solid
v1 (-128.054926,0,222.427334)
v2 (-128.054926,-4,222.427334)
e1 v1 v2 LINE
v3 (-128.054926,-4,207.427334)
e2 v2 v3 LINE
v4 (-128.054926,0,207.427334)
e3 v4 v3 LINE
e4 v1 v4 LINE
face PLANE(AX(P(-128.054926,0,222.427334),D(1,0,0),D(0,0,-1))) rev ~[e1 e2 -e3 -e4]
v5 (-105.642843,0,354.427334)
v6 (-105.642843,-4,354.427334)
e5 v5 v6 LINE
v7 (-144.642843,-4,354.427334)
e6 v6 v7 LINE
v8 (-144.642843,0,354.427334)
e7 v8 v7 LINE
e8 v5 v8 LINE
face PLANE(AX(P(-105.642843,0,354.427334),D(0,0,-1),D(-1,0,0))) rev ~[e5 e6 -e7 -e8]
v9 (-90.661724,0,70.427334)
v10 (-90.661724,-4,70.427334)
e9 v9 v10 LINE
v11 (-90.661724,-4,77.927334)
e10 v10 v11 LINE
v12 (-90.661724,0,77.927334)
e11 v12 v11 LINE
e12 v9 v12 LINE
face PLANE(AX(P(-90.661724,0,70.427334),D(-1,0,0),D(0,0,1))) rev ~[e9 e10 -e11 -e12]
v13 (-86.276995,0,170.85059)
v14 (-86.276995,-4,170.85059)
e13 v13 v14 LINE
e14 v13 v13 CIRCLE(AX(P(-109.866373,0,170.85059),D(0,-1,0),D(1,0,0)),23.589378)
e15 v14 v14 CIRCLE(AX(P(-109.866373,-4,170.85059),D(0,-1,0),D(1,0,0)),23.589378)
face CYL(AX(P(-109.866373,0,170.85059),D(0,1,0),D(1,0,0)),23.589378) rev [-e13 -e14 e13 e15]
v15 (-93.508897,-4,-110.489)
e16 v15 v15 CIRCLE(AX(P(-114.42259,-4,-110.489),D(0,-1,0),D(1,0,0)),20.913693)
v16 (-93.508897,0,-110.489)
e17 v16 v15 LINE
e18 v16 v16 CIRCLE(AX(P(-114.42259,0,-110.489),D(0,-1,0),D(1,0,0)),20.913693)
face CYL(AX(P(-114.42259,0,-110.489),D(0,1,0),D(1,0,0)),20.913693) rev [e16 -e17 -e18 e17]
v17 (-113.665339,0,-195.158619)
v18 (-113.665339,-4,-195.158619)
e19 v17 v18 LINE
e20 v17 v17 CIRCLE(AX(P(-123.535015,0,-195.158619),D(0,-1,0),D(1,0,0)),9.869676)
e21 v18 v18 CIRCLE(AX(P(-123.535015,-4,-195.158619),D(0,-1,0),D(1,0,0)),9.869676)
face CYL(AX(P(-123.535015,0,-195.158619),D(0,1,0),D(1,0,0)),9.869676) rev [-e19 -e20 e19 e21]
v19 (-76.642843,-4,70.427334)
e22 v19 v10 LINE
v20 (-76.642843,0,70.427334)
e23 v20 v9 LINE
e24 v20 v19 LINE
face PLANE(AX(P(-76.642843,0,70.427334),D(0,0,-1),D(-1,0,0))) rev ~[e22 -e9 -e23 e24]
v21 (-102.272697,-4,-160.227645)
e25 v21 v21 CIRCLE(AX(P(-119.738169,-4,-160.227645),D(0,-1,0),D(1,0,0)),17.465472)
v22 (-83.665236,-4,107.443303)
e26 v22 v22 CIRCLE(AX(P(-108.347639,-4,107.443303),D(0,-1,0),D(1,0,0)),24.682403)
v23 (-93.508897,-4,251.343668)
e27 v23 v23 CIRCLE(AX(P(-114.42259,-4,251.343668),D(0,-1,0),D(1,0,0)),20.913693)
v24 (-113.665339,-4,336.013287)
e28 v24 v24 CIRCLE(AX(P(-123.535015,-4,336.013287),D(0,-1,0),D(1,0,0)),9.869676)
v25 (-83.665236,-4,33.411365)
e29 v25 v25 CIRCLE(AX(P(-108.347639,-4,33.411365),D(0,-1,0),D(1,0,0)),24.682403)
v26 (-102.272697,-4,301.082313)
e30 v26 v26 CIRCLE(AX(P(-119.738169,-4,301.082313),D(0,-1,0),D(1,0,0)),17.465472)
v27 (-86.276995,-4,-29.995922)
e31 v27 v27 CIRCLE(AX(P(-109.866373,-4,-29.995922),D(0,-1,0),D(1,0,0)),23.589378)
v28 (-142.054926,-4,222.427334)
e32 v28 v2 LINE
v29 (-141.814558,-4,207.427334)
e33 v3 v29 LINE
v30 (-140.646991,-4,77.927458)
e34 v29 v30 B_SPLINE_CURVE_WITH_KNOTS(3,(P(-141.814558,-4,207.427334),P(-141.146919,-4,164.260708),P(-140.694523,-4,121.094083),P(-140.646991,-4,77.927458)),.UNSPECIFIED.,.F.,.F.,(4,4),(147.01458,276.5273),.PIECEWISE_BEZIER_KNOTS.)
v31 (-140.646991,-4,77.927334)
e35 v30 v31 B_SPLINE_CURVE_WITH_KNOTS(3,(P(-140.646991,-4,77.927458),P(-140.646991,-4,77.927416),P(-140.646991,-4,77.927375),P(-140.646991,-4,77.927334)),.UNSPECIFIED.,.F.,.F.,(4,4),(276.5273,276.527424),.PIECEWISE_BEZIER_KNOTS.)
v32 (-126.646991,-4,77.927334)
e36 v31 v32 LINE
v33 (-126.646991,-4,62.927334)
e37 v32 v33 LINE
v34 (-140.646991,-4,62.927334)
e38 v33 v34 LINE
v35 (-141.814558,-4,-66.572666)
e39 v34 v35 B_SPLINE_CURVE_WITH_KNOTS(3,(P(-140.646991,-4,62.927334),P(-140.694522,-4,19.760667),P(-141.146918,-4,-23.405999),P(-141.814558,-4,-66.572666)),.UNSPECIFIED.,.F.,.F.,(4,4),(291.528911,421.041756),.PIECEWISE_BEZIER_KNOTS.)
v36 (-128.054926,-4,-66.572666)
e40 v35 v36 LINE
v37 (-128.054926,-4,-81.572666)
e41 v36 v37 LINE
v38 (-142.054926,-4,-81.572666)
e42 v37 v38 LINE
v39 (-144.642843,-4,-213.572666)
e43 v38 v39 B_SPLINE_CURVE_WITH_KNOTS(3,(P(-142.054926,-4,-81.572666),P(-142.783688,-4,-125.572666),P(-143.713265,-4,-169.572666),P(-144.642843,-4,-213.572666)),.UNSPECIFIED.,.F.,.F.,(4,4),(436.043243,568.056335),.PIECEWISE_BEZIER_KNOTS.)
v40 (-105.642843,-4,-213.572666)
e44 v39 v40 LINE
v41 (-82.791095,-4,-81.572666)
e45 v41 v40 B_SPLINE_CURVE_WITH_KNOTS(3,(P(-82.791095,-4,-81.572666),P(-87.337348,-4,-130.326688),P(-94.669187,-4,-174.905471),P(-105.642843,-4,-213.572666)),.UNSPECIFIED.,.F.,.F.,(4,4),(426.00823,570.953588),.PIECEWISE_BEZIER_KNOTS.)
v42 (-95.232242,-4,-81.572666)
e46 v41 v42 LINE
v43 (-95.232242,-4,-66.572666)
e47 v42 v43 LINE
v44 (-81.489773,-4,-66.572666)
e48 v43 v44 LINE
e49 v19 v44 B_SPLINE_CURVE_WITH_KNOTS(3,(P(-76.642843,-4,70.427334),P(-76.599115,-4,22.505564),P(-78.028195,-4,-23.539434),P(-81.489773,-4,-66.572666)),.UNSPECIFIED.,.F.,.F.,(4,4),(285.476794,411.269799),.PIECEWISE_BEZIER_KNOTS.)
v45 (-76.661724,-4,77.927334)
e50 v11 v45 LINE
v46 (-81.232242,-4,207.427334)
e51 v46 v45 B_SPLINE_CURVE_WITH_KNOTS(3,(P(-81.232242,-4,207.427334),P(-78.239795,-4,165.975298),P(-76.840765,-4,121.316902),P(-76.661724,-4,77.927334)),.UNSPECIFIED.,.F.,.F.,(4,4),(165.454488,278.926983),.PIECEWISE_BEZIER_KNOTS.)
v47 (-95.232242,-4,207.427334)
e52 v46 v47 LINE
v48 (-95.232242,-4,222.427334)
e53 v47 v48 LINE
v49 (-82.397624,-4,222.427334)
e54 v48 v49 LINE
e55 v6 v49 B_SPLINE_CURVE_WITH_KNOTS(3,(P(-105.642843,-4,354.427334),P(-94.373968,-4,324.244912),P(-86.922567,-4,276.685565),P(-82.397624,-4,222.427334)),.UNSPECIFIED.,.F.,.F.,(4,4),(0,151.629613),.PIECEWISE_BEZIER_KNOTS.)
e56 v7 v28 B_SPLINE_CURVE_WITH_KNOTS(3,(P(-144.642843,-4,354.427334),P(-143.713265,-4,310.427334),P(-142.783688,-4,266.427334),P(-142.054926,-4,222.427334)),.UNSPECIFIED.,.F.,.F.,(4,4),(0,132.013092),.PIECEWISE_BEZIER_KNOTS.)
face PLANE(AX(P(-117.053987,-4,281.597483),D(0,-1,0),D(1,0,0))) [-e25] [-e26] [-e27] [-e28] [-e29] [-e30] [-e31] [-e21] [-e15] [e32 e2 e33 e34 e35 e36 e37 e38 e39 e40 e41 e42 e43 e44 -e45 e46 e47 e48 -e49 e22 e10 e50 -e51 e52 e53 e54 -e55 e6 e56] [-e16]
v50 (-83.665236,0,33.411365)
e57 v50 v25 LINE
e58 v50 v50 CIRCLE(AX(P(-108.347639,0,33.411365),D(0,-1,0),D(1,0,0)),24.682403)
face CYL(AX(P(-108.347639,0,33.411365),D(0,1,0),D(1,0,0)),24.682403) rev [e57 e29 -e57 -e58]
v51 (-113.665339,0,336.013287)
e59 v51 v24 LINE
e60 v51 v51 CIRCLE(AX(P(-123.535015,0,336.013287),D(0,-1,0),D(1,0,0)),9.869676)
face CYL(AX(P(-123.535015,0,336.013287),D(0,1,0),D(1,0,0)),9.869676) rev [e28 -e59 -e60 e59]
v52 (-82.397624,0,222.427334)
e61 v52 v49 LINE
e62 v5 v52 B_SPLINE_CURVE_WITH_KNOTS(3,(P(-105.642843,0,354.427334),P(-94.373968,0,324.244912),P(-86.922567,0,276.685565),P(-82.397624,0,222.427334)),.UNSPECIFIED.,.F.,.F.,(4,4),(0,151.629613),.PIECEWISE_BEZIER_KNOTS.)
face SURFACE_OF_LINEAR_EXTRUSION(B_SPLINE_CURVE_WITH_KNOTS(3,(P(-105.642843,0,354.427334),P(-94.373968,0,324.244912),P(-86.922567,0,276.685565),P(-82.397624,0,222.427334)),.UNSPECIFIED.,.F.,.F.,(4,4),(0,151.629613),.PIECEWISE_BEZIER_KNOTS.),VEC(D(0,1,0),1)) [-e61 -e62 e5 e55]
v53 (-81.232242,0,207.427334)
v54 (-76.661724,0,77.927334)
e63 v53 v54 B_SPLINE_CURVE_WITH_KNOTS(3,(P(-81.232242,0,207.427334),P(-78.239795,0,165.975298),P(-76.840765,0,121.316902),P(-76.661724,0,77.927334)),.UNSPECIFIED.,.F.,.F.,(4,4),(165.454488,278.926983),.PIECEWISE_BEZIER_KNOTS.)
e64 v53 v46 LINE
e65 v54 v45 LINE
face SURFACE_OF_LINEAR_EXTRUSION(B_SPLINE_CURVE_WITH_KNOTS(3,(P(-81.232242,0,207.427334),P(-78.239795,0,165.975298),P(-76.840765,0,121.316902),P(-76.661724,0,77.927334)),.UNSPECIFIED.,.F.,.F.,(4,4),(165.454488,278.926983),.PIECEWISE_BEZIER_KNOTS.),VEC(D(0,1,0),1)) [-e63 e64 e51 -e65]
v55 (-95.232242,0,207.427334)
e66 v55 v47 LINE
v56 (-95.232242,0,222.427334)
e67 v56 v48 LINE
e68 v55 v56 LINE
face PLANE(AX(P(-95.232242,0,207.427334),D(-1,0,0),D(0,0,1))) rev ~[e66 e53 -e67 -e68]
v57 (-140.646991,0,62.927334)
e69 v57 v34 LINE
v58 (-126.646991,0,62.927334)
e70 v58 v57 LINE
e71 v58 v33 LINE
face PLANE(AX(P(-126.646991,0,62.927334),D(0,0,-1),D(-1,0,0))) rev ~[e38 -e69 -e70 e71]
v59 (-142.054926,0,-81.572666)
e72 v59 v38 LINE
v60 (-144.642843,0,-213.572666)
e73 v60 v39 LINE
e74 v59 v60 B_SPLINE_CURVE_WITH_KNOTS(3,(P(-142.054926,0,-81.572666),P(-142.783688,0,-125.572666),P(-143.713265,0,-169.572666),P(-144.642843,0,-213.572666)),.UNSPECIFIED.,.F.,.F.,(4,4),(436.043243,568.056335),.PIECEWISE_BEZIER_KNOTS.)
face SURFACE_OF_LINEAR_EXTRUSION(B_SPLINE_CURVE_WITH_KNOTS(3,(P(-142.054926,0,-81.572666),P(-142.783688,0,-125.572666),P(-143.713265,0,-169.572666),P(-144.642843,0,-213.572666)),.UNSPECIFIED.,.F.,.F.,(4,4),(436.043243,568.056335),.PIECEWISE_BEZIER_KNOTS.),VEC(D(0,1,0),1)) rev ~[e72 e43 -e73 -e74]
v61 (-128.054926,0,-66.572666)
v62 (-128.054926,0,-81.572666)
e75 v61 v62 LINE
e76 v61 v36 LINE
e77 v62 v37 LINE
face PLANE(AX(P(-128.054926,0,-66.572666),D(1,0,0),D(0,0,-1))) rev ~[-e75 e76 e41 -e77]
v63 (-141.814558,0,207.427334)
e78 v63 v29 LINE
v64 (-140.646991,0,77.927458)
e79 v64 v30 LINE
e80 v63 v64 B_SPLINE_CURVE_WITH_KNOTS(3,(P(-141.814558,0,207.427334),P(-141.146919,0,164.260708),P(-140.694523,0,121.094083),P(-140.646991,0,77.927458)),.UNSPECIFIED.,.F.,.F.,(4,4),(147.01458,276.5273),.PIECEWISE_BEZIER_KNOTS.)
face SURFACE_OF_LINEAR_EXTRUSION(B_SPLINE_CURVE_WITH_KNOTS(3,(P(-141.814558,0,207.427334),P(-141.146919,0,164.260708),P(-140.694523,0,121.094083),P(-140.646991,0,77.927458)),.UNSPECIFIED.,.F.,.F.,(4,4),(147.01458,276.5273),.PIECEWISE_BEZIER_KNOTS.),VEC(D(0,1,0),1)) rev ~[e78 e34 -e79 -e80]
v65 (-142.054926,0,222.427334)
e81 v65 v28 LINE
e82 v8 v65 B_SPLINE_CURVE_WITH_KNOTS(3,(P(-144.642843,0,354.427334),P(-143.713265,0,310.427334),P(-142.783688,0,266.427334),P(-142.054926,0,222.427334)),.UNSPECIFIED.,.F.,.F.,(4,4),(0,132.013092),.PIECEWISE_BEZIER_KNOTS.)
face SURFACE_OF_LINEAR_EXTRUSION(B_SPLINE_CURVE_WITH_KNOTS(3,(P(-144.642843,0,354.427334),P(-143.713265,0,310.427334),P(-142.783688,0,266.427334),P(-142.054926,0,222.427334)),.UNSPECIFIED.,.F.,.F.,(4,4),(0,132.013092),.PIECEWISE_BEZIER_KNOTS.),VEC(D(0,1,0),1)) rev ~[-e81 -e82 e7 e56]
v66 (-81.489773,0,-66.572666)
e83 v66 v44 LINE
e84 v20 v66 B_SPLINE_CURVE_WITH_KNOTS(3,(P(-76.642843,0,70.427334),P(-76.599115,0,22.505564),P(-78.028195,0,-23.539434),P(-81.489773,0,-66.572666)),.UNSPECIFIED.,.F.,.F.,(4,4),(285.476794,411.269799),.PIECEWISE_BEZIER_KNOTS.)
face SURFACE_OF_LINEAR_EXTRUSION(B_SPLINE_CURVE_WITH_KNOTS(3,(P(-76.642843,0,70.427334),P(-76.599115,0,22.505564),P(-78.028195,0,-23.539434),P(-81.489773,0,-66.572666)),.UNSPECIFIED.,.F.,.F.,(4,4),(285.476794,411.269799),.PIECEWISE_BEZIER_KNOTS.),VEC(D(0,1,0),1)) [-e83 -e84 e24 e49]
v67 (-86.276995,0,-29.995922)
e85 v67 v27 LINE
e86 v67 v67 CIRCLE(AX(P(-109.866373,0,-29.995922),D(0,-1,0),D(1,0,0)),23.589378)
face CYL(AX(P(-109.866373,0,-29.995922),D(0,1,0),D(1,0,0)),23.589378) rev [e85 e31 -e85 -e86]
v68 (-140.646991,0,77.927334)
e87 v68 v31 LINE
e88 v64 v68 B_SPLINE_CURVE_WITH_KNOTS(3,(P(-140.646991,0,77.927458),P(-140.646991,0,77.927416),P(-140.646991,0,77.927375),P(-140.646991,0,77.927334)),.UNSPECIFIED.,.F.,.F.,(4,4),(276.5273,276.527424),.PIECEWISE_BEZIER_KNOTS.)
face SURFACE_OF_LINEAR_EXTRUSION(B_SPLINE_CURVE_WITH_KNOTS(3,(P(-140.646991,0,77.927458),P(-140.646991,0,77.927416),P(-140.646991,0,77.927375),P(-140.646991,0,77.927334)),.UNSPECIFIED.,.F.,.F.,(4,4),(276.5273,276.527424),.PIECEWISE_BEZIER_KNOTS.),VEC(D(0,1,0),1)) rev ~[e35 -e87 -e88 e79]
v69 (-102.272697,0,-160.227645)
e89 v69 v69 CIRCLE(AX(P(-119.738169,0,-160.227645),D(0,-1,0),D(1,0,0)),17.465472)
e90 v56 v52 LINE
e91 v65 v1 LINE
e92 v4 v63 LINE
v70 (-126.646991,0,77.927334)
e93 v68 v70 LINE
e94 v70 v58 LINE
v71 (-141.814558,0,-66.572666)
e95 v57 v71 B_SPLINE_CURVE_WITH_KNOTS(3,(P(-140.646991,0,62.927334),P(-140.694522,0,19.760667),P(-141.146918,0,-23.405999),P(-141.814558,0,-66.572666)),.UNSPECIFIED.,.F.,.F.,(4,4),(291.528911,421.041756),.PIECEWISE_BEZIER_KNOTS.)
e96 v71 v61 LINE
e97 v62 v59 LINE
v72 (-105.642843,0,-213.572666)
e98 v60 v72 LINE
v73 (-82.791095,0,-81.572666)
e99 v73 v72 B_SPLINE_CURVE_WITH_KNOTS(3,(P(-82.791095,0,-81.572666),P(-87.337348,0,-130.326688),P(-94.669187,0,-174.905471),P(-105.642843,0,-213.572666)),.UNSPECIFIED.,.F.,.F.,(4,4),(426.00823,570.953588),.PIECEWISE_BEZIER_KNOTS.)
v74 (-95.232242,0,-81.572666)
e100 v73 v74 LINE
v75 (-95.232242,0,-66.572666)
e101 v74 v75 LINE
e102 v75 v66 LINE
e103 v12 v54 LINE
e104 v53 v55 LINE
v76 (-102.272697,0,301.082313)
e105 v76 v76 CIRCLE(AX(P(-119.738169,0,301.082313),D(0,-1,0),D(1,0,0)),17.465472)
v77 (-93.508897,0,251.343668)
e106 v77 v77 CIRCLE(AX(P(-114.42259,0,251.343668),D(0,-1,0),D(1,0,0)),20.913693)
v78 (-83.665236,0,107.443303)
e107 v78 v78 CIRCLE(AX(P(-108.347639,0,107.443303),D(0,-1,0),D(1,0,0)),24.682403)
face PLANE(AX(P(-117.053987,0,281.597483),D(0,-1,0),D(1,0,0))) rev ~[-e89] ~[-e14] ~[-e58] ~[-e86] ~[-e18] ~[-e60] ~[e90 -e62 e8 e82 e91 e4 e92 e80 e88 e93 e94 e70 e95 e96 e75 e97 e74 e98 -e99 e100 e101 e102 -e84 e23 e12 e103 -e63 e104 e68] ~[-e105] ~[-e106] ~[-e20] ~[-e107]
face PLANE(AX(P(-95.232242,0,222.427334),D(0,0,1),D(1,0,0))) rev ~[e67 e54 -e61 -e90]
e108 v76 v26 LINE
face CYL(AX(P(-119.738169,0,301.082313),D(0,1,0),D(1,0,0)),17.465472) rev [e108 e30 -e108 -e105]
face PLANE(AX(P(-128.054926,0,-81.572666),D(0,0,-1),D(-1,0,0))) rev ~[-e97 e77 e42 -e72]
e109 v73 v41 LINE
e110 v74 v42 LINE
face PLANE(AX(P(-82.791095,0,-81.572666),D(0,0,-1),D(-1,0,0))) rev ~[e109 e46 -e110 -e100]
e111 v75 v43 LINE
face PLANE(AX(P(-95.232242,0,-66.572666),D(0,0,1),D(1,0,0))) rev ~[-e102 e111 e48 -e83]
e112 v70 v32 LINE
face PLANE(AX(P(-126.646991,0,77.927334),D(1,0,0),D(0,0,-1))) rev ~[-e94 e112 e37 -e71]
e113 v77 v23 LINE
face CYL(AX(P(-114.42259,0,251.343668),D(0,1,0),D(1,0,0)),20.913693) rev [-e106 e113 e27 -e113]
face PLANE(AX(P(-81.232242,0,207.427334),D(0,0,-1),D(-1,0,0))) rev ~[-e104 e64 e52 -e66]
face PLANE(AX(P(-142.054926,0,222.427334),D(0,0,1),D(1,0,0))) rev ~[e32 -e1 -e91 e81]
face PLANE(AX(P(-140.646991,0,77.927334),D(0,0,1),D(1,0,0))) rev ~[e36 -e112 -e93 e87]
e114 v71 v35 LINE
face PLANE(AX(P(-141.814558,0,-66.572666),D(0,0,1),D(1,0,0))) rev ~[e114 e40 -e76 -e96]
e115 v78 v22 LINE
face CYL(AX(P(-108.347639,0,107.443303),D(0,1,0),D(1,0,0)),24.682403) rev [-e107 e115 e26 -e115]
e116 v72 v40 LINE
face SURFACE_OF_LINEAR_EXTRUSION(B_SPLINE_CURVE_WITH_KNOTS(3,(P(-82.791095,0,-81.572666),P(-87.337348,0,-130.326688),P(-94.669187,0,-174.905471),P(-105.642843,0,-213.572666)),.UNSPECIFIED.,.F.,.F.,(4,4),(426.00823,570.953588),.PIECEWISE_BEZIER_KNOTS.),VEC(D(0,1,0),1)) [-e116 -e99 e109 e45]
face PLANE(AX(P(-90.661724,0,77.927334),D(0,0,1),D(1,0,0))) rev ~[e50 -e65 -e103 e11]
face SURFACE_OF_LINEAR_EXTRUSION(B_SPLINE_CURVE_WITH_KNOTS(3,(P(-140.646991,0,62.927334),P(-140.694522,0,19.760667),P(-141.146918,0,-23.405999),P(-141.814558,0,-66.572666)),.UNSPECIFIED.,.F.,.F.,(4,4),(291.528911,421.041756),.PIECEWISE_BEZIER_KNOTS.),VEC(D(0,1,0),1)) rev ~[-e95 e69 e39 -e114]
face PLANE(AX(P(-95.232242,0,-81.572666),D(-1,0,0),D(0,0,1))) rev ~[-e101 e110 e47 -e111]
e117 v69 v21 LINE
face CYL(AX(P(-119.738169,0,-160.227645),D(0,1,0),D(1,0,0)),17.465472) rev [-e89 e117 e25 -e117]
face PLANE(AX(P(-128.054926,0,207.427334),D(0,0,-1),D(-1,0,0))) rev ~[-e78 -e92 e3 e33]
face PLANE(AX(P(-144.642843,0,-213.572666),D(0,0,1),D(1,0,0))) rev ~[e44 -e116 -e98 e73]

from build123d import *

# Parameters (mm, degrees)
F0_R     = 20.913693
F0_R_2   = 17.465472
F0_R_3   = 9.869676
F0_R_4   = 24.682403
F0_R_5   = 23.589378
F1_DEPTH = 4


with BuildPart() as f1:
    # F0 (on Front) → F1 (new body)
    with BuildSketch(Plane.XZ):
        with BuildLine():
            Line((-105.642843, 354.427334), (-144.642843, 354.427334))
            add(Edge.make_bspline(
                [(-144.642843, 354.427334), (-143.713265, 310.427334), (-142.783688, 266.427334), (-142.054926, 222.427334)],
                knots=[0, 0, 0, 0, 132.013092, 132.013092, 132.013092, 132.013092], degree=3))
            Line((-142.054926, 222.427334), (-128.054926, 222.427334))
            Line((-128.054926, 222.427334), (-128.054926, 214.927334))
            Line((-128.054926, 214.927334), (-95.232242, 214.927334))
            Line((-95.232242, 214.927334), (-95.232242, 222.427334))
            Line((-95.232242, 222.427334), (-82.397624, 222.427334))
            add(Edge.make_bspline(
                [(-105.642843, 354.427334), (-94.373968, 324.244912), (-86.922567, 276.685565), (-82.397624, 222.427334)],
                knots=[0, 0, 0, 0, 151.629613, 151.629613, 151.629613, 151.629613], degree=3))
        make_face()
        with Locations((-114.42259, 251.343668)):
            Circle(F0_R, mode=Mode.SUBTRACT)
        with Locations((-119.738169, 301.082313)):
            Circle(F0_R_2, mode=Mode.SUBTRACT)
        with Locations((-123.535015, 336.013287)):
            Circle(F0_R_3, mode=Mode.SUBTRACT)
        with BuildLine():
            Line((-128.054926, 207.427334), (-141.814558, 207.427334))
            add(Edge.make_bspline(
                [(-141.814558, 207.427334), (-141.146919, 164.260708), (-140.694523, 121.094083), (-140.646991, 77.927458)],
                knots=[147.01458, 147.01458, 147.01458, 147.01458, 276.5273, 276.5273, 276.5273, 276.5273], degree=3))
            add(Edge.make_bspline(
                [(-140.646991, 77.927458), (-140.646991, 77.927416), (-140.646991, 77.927375), (-140.646991, 77.927334)],
                knots=[276.5273, 276.5273, 276.5273, 276.5273, 276.527424, 276.527424, 276.527424, 276.527424], degree=3))
            Line((-140.646991, 77.927334), (-126.646991, 77.927334))
            Line((-126.646991, 77.927334), (-126.646991, 70.427334))
            Line((-126.646991, 70.427334), (-90.667988, 70.427334))
            Line((-90.667988, 70.427334), (-90.661724, 70.427334))
            Line((-90.661724, 70.427334), (-90.661724, 77.927334))
            Line((-90.661724, 77.927334), (-76.661724, 77.927334))
            add(Edge.make_bspline(
                [(-81.232242, 207.427334), (-78.239795, 165.975298), (-76.840765, 121.316902), (-76.661724, 77.927334)],
                knots=[165.454488, 165.454488, 165.454488, 165.454488, 278.926983, 278.926983, 278.926983, 278.926983], degree=3))
            Line((-81.232242, 207.427334), (-95.232242, 207.427334))
            Line((-95.232242, 207.427334), (-95.232242, 214.927334))
            Line((-95.232242, 214.927334), (-128.054926, 214.927334))
            Line((-128.054926, 214.927334), (-128.054926, 207.427334))
        make_face()
        with Locations((-108.347639, 107.443303)):
            Circle(F0_R_4, mode=Mode.SUBTRACT)
        with Locations((-109.866373, 170.85059)):
            Circle(F0_R_5, mode=Mode.SUBTRACT)
        with BuildLine():
            add(Edge.make_bspline(
                [(-142.054926, -81.572666), (-142.783688, -125.572666), (-143.713265, -169.572666), (-144.642843, -213.572666)],
                knots=[436.043243, 436.043243, 436.043243, 436.043243, 568.056335, 568.056335, 568.056335, 568.056335], degree=3))
            Line((-144.642843, -213.572666), (-105.642843, -213.572666))
            add(Edge.make_bspline(
                [(-82.791095, -81.572666), (-87.337348, -130.326688), (-94.669187, -174.905471), (-105.642843, -213.572666)],
                knots=[426.00823, 426.00823, 426.00823, 426.00823, 570.953588, 570.953588, 570.953588, 570.953588], degree=3))
            Line((-82.791095, -81.572666), (-95.232242, -81.572666))
            Line((-95.232242, -81.572666), (-95.232242, -74.072666))
            Line((-95.232242, -74.072666), (-95.232242, -66.572666))
            Line((-95.232242, -66.572666), (-81.489773, -66.572666))
            add(Edge.make_bspline(
                [(-76.642843, 70.427334), (-76.599115, 22.505564), (-78.028195, -23.539434), (-81.489773, -66.572666)],
                knots=[285.476794, 285.476794, 285.476794, 285.476794, 411.269799, 411.269799, 411.269799, 411.269799], degree=3))
            Line((-76.642843, 70.427334), (-90.661724, 70.427334))
            Line((-90.661724, 70.427334), (-90.667988, 70.427334))
            Line((-90.667988, 70.427334), (-126.646991, 70.427334))
            Line((-126.646991, 70.427334), (-126.646991, 62.927334))
            Line((-126.646991, 62.927334), (-140.646991, 62.927334))
            add(Edge.make_bspline(
                [(-140.646991, 62.927334), (-140.694522, 19.760667), (-141.146918, -23.405999), (-141.814558, -66.572666)],
                knots=[291.528911, 291.528911, 291.528911, 291.528911, 421.041756, 421.041756, 421.041756, 421.041756], degree=3))
            Line((-141.814558, -66.572666), (-128.054926, -66.572666))
            Line((-128.054926, -66.572666), (-128.054926, -74.072666))
            Line((-128.054926, -74.072666), (-128.054926, -81.572666))
            Line((-128.054926, -81.572666), (-142.054926, -81.572666))
        make_face()
        with Locations((-123.535015, -195.158619)):
            Circle(F0_R_3, mode=Mode.SUBTRACT)
        with Locations((-119.738169, -160.227645)):
            Circle(F0_R_2, mode=Mode.SUBTRACT)
        with Locations((-114.42259, -110.489)):
            Circle(F0_R, mode=Mode.SUBTRACT)
        with Locations((-109.866373, -29.995922)):
            Circle(F0_R_5, mode=Mode.SUBTRACT)
        with Locations((-108.347639, 33.411365)):
            Circle(F0_R_4, mode=Mode.SUBTRACT)
    extrude(amount=F1_DEPTH)


solid = f1.part
